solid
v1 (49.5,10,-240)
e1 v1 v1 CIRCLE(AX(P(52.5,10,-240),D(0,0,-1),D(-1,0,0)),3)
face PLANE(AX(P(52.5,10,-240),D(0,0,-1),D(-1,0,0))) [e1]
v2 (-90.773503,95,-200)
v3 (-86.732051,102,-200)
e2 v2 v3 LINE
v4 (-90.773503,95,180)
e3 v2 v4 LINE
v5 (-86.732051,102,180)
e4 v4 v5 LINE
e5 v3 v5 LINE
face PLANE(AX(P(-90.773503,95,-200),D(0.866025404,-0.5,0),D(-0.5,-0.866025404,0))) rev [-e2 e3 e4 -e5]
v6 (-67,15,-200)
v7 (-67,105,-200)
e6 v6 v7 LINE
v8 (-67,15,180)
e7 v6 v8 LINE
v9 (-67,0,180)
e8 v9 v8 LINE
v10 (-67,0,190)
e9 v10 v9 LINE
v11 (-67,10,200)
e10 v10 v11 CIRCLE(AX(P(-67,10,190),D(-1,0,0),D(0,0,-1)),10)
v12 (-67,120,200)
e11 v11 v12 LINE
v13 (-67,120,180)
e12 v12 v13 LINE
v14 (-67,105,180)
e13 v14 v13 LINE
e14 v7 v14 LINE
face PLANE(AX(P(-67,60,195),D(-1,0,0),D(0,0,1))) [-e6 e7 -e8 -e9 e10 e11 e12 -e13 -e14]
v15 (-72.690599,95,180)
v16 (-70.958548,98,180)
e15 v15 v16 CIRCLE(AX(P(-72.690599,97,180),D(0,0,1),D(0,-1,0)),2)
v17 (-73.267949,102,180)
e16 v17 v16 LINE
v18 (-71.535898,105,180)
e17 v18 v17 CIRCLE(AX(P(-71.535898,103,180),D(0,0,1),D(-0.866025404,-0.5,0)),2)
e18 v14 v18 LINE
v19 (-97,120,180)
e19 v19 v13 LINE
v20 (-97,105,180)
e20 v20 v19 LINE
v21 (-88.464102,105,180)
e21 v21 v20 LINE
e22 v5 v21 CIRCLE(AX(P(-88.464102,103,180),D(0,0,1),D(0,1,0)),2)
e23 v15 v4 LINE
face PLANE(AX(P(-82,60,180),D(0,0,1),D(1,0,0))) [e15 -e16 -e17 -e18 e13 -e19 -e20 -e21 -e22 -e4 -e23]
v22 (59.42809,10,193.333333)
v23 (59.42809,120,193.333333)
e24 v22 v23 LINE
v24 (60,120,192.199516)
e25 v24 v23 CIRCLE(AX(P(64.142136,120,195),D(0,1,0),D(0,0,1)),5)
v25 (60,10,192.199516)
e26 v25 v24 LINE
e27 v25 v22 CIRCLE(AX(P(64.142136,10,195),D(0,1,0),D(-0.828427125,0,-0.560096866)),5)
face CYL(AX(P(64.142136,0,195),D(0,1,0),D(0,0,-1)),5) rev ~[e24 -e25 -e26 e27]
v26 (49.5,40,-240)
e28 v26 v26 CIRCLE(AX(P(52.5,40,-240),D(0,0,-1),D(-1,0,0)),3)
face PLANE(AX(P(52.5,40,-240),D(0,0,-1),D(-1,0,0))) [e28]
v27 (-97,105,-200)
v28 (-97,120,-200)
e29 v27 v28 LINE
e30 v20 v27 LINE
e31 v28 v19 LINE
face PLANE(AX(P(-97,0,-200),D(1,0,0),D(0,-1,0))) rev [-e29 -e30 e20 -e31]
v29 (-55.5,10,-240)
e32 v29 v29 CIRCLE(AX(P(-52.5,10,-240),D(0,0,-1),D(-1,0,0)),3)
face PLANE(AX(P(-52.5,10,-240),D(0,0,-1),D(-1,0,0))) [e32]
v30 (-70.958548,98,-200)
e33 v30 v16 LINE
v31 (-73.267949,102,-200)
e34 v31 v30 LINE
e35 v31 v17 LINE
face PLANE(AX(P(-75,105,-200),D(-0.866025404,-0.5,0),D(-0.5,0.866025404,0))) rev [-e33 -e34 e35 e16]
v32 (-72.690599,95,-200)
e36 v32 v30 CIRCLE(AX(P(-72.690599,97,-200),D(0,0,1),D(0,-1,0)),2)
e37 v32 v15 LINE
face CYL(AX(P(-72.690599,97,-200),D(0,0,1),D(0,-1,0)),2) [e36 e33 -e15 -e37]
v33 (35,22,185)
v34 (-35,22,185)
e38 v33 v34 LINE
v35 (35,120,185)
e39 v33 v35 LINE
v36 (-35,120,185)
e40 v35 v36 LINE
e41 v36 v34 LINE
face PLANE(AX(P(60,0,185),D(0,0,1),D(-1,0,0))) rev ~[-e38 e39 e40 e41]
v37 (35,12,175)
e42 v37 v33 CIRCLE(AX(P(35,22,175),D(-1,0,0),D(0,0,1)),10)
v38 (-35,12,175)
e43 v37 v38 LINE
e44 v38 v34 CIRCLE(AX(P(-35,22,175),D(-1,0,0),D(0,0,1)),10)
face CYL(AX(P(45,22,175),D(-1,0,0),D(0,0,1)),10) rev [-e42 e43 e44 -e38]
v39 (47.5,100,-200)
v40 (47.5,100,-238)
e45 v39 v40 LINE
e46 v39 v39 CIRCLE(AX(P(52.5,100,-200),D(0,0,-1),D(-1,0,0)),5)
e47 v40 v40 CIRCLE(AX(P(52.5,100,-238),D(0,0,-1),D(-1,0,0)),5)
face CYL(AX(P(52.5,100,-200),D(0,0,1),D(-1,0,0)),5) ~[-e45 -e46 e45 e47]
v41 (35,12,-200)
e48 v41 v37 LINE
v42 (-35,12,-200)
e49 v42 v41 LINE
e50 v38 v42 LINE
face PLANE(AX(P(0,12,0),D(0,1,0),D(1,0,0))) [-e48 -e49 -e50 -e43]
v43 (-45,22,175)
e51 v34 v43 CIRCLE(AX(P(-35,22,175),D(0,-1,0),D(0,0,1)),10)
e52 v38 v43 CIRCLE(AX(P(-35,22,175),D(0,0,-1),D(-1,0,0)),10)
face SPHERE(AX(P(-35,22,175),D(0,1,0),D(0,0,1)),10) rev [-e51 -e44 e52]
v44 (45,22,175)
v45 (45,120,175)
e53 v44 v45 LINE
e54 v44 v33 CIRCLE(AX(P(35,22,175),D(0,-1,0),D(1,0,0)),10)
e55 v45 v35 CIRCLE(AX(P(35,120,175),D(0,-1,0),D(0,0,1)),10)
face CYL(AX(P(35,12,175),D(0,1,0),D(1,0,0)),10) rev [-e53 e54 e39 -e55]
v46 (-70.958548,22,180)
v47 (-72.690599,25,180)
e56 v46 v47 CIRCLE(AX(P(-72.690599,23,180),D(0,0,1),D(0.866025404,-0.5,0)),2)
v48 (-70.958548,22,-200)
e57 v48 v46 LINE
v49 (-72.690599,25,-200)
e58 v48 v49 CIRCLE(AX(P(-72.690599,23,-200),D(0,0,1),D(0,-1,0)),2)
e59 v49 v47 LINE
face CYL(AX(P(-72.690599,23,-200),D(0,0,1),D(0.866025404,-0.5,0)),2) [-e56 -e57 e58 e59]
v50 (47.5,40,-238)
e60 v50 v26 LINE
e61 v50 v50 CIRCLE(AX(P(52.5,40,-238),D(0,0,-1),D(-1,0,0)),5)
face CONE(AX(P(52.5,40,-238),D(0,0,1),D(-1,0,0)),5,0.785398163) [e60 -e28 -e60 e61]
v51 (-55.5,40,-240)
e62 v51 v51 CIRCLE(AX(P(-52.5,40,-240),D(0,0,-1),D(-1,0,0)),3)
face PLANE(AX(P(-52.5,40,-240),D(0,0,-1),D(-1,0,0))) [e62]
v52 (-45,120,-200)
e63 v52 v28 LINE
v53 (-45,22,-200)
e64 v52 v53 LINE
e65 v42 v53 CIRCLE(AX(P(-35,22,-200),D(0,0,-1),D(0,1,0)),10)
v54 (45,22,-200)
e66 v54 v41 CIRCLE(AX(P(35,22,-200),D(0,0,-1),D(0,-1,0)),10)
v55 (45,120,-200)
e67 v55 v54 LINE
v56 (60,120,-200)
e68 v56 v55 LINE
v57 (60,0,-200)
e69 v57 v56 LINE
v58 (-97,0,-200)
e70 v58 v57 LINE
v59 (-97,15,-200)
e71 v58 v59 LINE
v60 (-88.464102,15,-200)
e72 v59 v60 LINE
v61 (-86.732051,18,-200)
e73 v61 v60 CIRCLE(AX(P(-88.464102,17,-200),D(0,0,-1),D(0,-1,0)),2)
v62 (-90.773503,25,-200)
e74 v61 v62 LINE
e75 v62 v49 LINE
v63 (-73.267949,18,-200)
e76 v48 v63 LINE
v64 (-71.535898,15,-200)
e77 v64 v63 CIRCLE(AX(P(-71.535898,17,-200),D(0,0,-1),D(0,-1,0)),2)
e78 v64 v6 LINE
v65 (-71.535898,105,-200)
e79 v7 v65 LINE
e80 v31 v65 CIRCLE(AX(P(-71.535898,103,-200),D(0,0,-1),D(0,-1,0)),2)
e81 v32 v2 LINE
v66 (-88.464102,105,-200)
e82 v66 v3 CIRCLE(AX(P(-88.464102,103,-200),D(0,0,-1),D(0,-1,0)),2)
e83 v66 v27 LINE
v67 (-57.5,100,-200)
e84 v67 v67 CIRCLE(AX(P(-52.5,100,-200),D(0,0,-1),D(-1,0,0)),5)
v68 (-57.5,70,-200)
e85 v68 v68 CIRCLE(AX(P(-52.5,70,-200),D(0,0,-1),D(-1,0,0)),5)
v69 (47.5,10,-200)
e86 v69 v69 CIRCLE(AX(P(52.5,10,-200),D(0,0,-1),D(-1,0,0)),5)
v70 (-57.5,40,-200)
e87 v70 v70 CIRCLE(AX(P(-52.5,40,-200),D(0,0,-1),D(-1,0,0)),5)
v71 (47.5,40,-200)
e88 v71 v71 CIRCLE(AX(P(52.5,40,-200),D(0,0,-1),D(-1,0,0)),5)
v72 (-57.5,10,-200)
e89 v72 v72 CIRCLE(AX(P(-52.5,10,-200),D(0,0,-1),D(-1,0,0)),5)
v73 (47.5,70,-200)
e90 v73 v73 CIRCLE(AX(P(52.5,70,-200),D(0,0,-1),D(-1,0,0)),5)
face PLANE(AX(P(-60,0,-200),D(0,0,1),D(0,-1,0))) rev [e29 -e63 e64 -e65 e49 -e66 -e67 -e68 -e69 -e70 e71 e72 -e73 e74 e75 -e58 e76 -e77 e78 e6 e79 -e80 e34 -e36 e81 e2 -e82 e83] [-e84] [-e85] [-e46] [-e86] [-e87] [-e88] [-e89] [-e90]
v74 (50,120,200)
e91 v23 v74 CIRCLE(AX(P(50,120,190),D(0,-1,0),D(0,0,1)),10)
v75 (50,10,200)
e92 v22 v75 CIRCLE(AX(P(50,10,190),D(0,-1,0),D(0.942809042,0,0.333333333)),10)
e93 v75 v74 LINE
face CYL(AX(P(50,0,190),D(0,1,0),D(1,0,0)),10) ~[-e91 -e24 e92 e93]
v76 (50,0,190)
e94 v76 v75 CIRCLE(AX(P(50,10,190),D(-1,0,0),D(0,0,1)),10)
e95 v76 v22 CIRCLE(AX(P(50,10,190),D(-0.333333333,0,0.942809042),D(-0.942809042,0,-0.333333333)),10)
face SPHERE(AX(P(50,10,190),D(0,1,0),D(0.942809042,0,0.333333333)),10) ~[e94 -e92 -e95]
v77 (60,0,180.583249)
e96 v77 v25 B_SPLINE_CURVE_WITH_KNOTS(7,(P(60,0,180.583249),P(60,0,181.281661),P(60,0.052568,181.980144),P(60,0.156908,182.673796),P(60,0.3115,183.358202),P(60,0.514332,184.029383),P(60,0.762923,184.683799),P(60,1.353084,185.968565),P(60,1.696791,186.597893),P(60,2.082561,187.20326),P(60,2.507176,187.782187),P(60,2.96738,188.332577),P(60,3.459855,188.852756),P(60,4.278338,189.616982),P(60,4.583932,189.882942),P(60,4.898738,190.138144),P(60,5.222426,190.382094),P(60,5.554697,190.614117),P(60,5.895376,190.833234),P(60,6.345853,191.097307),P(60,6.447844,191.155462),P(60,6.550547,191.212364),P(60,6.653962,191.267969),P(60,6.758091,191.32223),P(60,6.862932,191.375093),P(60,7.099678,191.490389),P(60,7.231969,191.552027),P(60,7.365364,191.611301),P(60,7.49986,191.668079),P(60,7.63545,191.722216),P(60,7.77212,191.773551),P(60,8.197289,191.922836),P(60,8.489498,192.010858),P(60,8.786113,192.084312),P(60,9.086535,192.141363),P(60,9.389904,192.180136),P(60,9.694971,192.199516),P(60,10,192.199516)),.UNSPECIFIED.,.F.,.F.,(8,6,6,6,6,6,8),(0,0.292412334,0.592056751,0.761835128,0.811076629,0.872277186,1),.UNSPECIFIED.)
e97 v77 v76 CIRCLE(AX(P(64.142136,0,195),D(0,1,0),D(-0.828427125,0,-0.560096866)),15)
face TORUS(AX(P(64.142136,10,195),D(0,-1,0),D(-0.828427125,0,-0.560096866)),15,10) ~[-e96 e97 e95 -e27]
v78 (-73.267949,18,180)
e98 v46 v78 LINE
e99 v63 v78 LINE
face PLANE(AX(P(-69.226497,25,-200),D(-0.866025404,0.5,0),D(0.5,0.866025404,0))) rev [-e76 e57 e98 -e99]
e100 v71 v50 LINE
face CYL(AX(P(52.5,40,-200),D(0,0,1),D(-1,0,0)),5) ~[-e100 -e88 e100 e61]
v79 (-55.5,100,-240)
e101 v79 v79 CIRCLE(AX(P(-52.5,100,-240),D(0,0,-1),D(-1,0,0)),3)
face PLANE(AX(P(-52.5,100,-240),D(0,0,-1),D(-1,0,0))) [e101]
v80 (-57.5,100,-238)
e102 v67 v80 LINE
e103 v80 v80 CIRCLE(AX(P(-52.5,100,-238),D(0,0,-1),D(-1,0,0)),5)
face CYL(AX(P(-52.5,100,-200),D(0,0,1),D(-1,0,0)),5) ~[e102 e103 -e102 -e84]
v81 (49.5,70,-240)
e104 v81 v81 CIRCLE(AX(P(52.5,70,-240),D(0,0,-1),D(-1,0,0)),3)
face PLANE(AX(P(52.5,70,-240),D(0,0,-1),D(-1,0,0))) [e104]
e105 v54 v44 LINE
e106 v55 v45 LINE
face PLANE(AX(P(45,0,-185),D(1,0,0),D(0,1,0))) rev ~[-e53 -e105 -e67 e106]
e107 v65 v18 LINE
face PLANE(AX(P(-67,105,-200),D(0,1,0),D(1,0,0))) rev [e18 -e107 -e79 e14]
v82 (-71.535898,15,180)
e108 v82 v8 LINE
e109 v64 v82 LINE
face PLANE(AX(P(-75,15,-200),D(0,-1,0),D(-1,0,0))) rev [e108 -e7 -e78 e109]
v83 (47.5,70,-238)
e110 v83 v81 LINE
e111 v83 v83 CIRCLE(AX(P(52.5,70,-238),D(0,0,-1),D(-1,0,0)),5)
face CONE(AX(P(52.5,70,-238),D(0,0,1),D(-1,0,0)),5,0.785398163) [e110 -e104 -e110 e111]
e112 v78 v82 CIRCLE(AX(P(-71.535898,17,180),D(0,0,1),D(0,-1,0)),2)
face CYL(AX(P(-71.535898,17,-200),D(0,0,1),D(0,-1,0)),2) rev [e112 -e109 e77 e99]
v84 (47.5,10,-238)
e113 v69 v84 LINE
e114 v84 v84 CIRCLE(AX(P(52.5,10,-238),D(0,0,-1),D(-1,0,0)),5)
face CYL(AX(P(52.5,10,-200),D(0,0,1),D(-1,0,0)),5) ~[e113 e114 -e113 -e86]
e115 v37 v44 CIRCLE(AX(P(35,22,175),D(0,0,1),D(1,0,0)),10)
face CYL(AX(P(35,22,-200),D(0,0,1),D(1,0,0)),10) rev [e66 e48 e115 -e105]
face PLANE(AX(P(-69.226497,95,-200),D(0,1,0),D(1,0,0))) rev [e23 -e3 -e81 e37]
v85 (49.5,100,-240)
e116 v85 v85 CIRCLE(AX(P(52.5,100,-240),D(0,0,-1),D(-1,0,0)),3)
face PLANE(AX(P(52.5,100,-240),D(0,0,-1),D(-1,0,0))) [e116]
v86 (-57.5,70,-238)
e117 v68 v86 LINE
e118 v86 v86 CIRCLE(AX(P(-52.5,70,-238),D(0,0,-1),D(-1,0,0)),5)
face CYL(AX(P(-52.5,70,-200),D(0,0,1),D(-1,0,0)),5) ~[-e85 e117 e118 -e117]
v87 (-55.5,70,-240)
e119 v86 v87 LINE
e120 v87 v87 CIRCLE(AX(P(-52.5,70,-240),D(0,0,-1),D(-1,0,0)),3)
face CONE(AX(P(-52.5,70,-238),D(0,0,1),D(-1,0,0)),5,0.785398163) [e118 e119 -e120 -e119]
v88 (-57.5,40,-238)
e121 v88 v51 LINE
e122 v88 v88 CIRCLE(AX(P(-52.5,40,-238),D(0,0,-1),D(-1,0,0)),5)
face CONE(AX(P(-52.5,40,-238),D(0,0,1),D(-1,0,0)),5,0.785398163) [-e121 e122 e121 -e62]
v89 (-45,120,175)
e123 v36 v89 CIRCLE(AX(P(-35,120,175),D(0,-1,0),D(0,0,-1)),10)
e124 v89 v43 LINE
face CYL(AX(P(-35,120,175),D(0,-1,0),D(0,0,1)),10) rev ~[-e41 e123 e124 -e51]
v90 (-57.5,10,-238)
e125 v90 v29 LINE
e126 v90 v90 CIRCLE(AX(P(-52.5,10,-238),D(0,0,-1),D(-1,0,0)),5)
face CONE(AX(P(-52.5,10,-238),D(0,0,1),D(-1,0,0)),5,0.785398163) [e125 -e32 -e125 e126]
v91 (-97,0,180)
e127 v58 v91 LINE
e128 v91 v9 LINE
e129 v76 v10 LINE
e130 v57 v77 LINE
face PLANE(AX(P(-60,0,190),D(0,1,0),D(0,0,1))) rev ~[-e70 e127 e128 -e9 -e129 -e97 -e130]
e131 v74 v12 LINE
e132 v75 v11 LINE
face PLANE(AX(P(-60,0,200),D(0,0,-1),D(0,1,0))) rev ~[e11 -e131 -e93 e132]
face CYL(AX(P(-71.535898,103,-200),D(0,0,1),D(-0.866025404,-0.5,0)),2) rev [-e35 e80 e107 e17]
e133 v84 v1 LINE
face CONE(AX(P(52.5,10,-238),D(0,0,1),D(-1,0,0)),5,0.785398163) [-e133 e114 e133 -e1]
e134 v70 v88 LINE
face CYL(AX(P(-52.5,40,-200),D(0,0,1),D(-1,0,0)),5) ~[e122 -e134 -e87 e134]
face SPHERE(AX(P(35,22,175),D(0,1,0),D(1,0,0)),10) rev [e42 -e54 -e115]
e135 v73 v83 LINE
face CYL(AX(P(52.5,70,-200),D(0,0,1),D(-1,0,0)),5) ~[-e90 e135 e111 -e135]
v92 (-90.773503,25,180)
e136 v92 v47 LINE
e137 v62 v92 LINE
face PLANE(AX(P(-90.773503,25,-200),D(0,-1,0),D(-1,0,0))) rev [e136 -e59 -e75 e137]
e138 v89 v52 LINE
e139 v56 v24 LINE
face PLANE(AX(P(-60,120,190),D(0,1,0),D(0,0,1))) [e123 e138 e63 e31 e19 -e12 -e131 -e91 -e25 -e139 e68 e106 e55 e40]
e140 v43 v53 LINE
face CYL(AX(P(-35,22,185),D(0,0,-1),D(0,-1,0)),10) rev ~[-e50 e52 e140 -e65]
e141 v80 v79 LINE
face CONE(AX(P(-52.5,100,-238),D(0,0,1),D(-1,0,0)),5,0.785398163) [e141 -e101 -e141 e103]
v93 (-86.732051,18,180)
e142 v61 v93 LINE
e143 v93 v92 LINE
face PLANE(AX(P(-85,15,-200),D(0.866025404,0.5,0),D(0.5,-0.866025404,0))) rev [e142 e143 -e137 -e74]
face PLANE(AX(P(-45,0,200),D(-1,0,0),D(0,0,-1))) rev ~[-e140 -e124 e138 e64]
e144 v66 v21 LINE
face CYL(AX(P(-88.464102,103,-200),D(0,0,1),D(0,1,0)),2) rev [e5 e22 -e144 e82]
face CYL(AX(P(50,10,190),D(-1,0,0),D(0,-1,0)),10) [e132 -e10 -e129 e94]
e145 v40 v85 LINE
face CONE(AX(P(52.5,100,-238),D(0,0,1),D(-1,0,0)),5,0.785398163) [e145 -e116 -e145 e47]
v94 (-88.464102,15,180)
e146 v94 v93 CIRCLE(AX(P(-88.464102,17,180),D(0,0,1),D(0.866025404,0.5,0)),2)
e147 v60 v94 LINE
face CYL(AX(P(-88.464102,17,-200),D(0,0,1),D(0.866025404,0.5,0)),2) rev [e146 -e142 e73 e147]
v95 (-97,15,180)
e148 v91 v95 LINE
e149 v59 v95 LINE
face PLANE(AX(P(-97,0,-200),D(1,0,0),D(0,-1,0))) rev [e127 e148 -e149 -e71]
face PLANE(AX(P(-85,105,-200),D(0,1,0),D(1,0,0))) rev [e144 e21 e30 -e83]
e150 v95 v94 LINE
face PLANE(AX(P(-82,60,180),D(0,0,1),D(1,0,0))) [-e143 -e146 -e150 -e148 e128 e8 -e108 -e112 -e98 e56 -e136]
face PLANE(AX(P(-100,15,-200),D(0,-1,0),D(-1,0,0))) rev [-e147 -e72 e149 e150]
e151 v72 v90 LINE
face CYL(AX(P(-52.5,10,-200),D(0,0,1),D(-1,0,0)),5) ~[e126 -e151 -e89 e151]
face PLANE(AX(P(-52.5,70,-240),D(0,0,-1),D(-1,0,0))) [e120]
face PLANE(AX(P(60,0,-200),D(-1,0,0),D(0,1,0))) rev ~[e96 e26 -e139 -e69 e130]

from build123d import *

# Parameters (mm, degrees)
SURFACE_EXTRUDE1_1_DEPTH = 120
THICKEN1_T2              = 15
SKETCH5_W                = 90
SKETCH5_H                = 120
CUT_EXTRUDE1_DEPTH       = 120
SKETCH4_W                = 120
SKETCH4_H                = 400
THICKEN2_T1              = 12
FILLET1_R                = 10
FILLET2_R                = 10
SKETCH6_R                = 5
BOSS_EXTRUDE1_DEPTH      = 40
CHAMFER1_SIZE            = 2
CHAMFER2_SIZE            = 2
SKETCH7_W                = 390
SKETCH7_H                = 120
BOSS_EXTRUDE2_DEPTH      = 40
CUT_EXTRUDE2_DEPTH       = 422
FILLET3_R                = 5
SKETCH9_W                = 3
SKETCH9_H                = 120
CUT_EXTRUDE3_DEPTH       = 440
FILLET4_R                = 2
FILLET5_R                = 2
FILLET6_R                = 2
SKETCH12_W               = 37
SKETCH12_H               = 120
CUT_EXTRUDE5_DEPTH       = 413
SKETCH13_W               = 30
SKETCH13_H               = 120
CUT_EXTRUDE6_DEPTH       = 20
SKETCH14_W               = 10
SKETCH14_H               = 120
BOSS_EXTRUDE3_DEPTH      = 7
FILLET7_R                = 10


with BuildPart() as body_1:
    # Surface-Extrude1: a surface, the sketch's curves swept straight by 120 mm
    with BuildLine(Plane(origin=(0, 0, 0), x_dir=(1, 0, 0), z_dir=(0, 1, 0)), mode=Mode.PRIVATE) as surface_extrude1_1_path:
        Line((60, -200), (-60, -200))
        Line((-60, -200), (-60, 200))
        Line((-60, 200), (60, 200))
        Line((60, 200), (60, -200))
    surface_extrude1_1 = Shell.extrude(surface_extrude1_1_path.wire(), (0 * SURFACE_EXTRUDE1_1_DEPTH, 1 * SURFACE_EXTRUDE1_1_DEPTH, 0 * SURFACE_EXTRUDE1_1_DEPTH))
    add(Solid.thicken(surface_extrude1_1, -THICKEN1_T2))

    # Sketch5 → Cut-Extrude1 (cut)
    with BuildSketch(Plane.XY.offset(-185)):
        with Locations((0, 60)):
            Rectangle(SKETCH5_W, SKETCH5_H)
    extrude(amount=-CUT_EXTRUDE1_DEPTH, mode=Mode.SUBTRACT)

    # Sketch4 → Surface-Plane1: a flat surface bounded by the sketch
    with BuildSketch(Plane(origin=(0, 0, 0), x_dir=(1, 0, 0), z_dir=(0, 1, 0)), mode=Mode.PRIVATE) as surface_plane1_2_region:
        Rectangle(SKETCH4_W, SKETCH4_H)
    surface_plane1_2 = surface_plane1_2_region.sketch.faces()[0]
    add(Solid.thicken(surface_plane1_2, THICKEN2_T1))

    # Fillet1
    fillet1_edges = [body_1.edges().sort_by_distance(p)[0] for p in [
        (45, 66, 185),
        (45, 12, -7.5),
        (-45, 66, 185),
        (0, 12, 185),
        (-45, 12, -7.5),
    ]]
    fillet(fillet1_edges, radius=FILLET1_R)

    # Fillet2
    fillet2_edges = [body_1.edges().sort_by_distance(p)[0] for p in [
        (60, 60, 200),
    ]]
    fillet(fillet2_edges, radius=FILLET2_R)

    # Sketch6 → Boss-Extrude1 (add)
    with BuildSketch(Plane(origin=(0, 0, -200), x_dir=(-1, 0, 0), z_dir=(0, 0, -1))):
        with Locations((-52.5, 100)):
            Circle(SKETCH6_R)
        with Locations((52.5, 100)):
            Circle(SKETCH6_R)
        with Locations((-52.5, 70)):
            Circle(SKETCH6_R)
        with Locations((-52.5, 40)):
            Circle(SKETCH6_R)
        with Locations((-52.5, 10)):
            Circle(SKETCH6_R)
        with Locations((52.5, 70)):
            Circle(SKETCH6_R)
        with Locations((52.5, 40)):
            Circle(SKETCH6_R)
        with Locations((52.5, 10)):
            Circle(SKETCH6_R)
    extrude(amount=BOSS_EXTRUDE1_DEPTH)

    # Chamfer1
    chamfer1_edges = [body_1.edges().sort_by_distance(p)[0] for p in [
        (57.5, 100, -240),
        (57.5, 70, -240),
        (57.5, 40, -240),
        (57.5, 10, -240),
    ]]
    chamfer(chamfer1_edges, length=CHAMFER1_SIZE)

    # Chamfer2
    chamfer2_edges = [body_1.edges().sort_by_distance(p)[0] for p in [
        (-47.5, 100, -240),
        (-47.5, 70, -240),
        (-47.5, 40, -240),
        (-47.5, 10, -240),
    ]]
    chamfer(chamfer2_edges, length=CHAMFER2_SIZE)

    # Sketch7 → Boss-Extrude2 (add)
    with BuildSketch(Plane(origin=(60, 0, 0), x_dir=(0, 0, -1), z_dir=(1, 0, 0))):
        with Locations((5, 60)):
            Rectangle(SKETCH7_W, SKETCH7_H)
    boss_extrude2 = extrude(amount=BOSS_EXTRUDE2_DEPTH)

    # Sketch8 → Cut-Extrude2 (cut)
    with BuildSketch(Plane(origin=(0, 0, -200), x_dir=(-1, 0, 0), z_dir=(0, 0, -1))):
        Polygon((-100, 105), (-100, 15), (-85, 15), (-90.773502692, 25), (-69.226497308, 25), (-75, 15), (-67, 15), (-67, 105), (-75, 105), (-69.226497308, 95), (-90.773502692, 95), (-85, 105), align=None)
    cut_extrude2 = extrude(amount=-CUT_EXTRUDE2_DEPTH, mode=Mode.SUBTRACT)

    # Fillet3
    fillet3_edges = [body_1.edges().sort_by_distance(p)[0] for p in [
        (60, 60, 190),
    ]]
    fillet(fillet3_edges, radius=FILLET3_R)

    # Sketch9 → Cut-Extrude3 (cut)
    with BuildSketch(Plane(origin=(0, 0, -200), x_dir=(-1, 0, 0), z_dir=(0, 0, -1))):
        with Locations((-98.5, 60)):
            Rectangle(SKETCH9_W, SKETCH9_H)
    cut_extrude3 = extrude(amount=-CUT_EXTRUDE3_DEPTH, mode=Mode.SUBTRACT)

    # Fillet4
    fillet4_edges = [body_1.edges().sort_by_distance(p)[0] for p in [
        (85, 105, -5),
        (75, 105, -5),
        (75, 15, -5),
        (85, 15, -5),
    ]]
    fillet(fillet4_edges, radius=FILLET4_R)

    # Fillet5
    fillet5_edges = [body_1.edges().sort_by_distance(p)[0] for p in [
        (69.226497308, 25, -5),
        (69.226497308, 95, -5),
    ]]
    fillet(fillet5_edges, radius=FILLET5_R)

    # Mirror1: Boss-Extrude2 across plane
    add(boss_extrude2.mirror(Plane(origin=(0, 0, 0), x_dir=(0, 0, 1), z_dir=(1, 0, 0))))

    # Mirror2: Cut-Extrude2 across plane
    add(cut_extrude2.mirror(Plane(origin=(0, 0, 0), x_dir=(0, 0, 1), z_dir=(1, 0, 0))), mode=Mode.SUBTRACT)

    # Fillet6
    fillet6_edges = [body_1.edges().sort_by_distance(p)[0] for p in [
        (-69.226497308, 25, -5),
        (-75, 15, -5),
        (-75, 105, -5),
        (-69.226497308, 95, -5),
        (-85, 105, -5),
        (-85, 15, -5),
    ]]
    fillet(fillet6_edges, radius=FILLET6_R)

    # Sketch12 → Cut-Extrude5 (cut)
    with BuildSketch(Plane(origin=(0, 0, -200), x_dir=(-1, 0, 0), z_dir=(0, 0, -1))):
        with Locations((-78.5, 60)):
            Rectangle(SKETCH12_W, SKETCH12_H)
    extrude(amount=-CUT_EXTRUDE5_DEPTH, mode=Mode.SUBTRACT)

    # Mirror3: Cut-Extrude3 across plane
    add(cut_extrude3.mirror(Plane(origin=(0, 0, 0), x_dir=(0, 0, 1), z_dir=(1, 0, 0))), mode=Mode.SUBTRACT)

    # Sketch13 → Cut-Extrude6 (cut)
    with BuildSketch(Plane.XY.offset(180)):
        with Locations((-82, 60)):
            Rectangle(SKETCH13_W, SKETCH13_H)
    extrude(amount=CUT_EXTRUDE6_DEPTH, mode=Mode.SUBTRACT)

    # Sketch14 → Boss-Extrude3 (add)
    with BuildSketch(Plane.ZY.offset(60)):
        with Locations((195, 60)):
            Rectangle(SKETCH14_W, SKETCH14_H)
    extrude(amount=BOSS_EXTRUDE3_DEPTH)

    # Fillet7
    fillet7_edges = [body_1.edges().sort_by_distance(p)[0] for p in [
        (-8.5, 0, 200),
        (55.773502692, 0, 198.164965809),
        (59.677903287, 0, 192.748194137),
    ]]
    fillet(fillet7_edges, radius=FILLET7_R)


solid = body_1.part
